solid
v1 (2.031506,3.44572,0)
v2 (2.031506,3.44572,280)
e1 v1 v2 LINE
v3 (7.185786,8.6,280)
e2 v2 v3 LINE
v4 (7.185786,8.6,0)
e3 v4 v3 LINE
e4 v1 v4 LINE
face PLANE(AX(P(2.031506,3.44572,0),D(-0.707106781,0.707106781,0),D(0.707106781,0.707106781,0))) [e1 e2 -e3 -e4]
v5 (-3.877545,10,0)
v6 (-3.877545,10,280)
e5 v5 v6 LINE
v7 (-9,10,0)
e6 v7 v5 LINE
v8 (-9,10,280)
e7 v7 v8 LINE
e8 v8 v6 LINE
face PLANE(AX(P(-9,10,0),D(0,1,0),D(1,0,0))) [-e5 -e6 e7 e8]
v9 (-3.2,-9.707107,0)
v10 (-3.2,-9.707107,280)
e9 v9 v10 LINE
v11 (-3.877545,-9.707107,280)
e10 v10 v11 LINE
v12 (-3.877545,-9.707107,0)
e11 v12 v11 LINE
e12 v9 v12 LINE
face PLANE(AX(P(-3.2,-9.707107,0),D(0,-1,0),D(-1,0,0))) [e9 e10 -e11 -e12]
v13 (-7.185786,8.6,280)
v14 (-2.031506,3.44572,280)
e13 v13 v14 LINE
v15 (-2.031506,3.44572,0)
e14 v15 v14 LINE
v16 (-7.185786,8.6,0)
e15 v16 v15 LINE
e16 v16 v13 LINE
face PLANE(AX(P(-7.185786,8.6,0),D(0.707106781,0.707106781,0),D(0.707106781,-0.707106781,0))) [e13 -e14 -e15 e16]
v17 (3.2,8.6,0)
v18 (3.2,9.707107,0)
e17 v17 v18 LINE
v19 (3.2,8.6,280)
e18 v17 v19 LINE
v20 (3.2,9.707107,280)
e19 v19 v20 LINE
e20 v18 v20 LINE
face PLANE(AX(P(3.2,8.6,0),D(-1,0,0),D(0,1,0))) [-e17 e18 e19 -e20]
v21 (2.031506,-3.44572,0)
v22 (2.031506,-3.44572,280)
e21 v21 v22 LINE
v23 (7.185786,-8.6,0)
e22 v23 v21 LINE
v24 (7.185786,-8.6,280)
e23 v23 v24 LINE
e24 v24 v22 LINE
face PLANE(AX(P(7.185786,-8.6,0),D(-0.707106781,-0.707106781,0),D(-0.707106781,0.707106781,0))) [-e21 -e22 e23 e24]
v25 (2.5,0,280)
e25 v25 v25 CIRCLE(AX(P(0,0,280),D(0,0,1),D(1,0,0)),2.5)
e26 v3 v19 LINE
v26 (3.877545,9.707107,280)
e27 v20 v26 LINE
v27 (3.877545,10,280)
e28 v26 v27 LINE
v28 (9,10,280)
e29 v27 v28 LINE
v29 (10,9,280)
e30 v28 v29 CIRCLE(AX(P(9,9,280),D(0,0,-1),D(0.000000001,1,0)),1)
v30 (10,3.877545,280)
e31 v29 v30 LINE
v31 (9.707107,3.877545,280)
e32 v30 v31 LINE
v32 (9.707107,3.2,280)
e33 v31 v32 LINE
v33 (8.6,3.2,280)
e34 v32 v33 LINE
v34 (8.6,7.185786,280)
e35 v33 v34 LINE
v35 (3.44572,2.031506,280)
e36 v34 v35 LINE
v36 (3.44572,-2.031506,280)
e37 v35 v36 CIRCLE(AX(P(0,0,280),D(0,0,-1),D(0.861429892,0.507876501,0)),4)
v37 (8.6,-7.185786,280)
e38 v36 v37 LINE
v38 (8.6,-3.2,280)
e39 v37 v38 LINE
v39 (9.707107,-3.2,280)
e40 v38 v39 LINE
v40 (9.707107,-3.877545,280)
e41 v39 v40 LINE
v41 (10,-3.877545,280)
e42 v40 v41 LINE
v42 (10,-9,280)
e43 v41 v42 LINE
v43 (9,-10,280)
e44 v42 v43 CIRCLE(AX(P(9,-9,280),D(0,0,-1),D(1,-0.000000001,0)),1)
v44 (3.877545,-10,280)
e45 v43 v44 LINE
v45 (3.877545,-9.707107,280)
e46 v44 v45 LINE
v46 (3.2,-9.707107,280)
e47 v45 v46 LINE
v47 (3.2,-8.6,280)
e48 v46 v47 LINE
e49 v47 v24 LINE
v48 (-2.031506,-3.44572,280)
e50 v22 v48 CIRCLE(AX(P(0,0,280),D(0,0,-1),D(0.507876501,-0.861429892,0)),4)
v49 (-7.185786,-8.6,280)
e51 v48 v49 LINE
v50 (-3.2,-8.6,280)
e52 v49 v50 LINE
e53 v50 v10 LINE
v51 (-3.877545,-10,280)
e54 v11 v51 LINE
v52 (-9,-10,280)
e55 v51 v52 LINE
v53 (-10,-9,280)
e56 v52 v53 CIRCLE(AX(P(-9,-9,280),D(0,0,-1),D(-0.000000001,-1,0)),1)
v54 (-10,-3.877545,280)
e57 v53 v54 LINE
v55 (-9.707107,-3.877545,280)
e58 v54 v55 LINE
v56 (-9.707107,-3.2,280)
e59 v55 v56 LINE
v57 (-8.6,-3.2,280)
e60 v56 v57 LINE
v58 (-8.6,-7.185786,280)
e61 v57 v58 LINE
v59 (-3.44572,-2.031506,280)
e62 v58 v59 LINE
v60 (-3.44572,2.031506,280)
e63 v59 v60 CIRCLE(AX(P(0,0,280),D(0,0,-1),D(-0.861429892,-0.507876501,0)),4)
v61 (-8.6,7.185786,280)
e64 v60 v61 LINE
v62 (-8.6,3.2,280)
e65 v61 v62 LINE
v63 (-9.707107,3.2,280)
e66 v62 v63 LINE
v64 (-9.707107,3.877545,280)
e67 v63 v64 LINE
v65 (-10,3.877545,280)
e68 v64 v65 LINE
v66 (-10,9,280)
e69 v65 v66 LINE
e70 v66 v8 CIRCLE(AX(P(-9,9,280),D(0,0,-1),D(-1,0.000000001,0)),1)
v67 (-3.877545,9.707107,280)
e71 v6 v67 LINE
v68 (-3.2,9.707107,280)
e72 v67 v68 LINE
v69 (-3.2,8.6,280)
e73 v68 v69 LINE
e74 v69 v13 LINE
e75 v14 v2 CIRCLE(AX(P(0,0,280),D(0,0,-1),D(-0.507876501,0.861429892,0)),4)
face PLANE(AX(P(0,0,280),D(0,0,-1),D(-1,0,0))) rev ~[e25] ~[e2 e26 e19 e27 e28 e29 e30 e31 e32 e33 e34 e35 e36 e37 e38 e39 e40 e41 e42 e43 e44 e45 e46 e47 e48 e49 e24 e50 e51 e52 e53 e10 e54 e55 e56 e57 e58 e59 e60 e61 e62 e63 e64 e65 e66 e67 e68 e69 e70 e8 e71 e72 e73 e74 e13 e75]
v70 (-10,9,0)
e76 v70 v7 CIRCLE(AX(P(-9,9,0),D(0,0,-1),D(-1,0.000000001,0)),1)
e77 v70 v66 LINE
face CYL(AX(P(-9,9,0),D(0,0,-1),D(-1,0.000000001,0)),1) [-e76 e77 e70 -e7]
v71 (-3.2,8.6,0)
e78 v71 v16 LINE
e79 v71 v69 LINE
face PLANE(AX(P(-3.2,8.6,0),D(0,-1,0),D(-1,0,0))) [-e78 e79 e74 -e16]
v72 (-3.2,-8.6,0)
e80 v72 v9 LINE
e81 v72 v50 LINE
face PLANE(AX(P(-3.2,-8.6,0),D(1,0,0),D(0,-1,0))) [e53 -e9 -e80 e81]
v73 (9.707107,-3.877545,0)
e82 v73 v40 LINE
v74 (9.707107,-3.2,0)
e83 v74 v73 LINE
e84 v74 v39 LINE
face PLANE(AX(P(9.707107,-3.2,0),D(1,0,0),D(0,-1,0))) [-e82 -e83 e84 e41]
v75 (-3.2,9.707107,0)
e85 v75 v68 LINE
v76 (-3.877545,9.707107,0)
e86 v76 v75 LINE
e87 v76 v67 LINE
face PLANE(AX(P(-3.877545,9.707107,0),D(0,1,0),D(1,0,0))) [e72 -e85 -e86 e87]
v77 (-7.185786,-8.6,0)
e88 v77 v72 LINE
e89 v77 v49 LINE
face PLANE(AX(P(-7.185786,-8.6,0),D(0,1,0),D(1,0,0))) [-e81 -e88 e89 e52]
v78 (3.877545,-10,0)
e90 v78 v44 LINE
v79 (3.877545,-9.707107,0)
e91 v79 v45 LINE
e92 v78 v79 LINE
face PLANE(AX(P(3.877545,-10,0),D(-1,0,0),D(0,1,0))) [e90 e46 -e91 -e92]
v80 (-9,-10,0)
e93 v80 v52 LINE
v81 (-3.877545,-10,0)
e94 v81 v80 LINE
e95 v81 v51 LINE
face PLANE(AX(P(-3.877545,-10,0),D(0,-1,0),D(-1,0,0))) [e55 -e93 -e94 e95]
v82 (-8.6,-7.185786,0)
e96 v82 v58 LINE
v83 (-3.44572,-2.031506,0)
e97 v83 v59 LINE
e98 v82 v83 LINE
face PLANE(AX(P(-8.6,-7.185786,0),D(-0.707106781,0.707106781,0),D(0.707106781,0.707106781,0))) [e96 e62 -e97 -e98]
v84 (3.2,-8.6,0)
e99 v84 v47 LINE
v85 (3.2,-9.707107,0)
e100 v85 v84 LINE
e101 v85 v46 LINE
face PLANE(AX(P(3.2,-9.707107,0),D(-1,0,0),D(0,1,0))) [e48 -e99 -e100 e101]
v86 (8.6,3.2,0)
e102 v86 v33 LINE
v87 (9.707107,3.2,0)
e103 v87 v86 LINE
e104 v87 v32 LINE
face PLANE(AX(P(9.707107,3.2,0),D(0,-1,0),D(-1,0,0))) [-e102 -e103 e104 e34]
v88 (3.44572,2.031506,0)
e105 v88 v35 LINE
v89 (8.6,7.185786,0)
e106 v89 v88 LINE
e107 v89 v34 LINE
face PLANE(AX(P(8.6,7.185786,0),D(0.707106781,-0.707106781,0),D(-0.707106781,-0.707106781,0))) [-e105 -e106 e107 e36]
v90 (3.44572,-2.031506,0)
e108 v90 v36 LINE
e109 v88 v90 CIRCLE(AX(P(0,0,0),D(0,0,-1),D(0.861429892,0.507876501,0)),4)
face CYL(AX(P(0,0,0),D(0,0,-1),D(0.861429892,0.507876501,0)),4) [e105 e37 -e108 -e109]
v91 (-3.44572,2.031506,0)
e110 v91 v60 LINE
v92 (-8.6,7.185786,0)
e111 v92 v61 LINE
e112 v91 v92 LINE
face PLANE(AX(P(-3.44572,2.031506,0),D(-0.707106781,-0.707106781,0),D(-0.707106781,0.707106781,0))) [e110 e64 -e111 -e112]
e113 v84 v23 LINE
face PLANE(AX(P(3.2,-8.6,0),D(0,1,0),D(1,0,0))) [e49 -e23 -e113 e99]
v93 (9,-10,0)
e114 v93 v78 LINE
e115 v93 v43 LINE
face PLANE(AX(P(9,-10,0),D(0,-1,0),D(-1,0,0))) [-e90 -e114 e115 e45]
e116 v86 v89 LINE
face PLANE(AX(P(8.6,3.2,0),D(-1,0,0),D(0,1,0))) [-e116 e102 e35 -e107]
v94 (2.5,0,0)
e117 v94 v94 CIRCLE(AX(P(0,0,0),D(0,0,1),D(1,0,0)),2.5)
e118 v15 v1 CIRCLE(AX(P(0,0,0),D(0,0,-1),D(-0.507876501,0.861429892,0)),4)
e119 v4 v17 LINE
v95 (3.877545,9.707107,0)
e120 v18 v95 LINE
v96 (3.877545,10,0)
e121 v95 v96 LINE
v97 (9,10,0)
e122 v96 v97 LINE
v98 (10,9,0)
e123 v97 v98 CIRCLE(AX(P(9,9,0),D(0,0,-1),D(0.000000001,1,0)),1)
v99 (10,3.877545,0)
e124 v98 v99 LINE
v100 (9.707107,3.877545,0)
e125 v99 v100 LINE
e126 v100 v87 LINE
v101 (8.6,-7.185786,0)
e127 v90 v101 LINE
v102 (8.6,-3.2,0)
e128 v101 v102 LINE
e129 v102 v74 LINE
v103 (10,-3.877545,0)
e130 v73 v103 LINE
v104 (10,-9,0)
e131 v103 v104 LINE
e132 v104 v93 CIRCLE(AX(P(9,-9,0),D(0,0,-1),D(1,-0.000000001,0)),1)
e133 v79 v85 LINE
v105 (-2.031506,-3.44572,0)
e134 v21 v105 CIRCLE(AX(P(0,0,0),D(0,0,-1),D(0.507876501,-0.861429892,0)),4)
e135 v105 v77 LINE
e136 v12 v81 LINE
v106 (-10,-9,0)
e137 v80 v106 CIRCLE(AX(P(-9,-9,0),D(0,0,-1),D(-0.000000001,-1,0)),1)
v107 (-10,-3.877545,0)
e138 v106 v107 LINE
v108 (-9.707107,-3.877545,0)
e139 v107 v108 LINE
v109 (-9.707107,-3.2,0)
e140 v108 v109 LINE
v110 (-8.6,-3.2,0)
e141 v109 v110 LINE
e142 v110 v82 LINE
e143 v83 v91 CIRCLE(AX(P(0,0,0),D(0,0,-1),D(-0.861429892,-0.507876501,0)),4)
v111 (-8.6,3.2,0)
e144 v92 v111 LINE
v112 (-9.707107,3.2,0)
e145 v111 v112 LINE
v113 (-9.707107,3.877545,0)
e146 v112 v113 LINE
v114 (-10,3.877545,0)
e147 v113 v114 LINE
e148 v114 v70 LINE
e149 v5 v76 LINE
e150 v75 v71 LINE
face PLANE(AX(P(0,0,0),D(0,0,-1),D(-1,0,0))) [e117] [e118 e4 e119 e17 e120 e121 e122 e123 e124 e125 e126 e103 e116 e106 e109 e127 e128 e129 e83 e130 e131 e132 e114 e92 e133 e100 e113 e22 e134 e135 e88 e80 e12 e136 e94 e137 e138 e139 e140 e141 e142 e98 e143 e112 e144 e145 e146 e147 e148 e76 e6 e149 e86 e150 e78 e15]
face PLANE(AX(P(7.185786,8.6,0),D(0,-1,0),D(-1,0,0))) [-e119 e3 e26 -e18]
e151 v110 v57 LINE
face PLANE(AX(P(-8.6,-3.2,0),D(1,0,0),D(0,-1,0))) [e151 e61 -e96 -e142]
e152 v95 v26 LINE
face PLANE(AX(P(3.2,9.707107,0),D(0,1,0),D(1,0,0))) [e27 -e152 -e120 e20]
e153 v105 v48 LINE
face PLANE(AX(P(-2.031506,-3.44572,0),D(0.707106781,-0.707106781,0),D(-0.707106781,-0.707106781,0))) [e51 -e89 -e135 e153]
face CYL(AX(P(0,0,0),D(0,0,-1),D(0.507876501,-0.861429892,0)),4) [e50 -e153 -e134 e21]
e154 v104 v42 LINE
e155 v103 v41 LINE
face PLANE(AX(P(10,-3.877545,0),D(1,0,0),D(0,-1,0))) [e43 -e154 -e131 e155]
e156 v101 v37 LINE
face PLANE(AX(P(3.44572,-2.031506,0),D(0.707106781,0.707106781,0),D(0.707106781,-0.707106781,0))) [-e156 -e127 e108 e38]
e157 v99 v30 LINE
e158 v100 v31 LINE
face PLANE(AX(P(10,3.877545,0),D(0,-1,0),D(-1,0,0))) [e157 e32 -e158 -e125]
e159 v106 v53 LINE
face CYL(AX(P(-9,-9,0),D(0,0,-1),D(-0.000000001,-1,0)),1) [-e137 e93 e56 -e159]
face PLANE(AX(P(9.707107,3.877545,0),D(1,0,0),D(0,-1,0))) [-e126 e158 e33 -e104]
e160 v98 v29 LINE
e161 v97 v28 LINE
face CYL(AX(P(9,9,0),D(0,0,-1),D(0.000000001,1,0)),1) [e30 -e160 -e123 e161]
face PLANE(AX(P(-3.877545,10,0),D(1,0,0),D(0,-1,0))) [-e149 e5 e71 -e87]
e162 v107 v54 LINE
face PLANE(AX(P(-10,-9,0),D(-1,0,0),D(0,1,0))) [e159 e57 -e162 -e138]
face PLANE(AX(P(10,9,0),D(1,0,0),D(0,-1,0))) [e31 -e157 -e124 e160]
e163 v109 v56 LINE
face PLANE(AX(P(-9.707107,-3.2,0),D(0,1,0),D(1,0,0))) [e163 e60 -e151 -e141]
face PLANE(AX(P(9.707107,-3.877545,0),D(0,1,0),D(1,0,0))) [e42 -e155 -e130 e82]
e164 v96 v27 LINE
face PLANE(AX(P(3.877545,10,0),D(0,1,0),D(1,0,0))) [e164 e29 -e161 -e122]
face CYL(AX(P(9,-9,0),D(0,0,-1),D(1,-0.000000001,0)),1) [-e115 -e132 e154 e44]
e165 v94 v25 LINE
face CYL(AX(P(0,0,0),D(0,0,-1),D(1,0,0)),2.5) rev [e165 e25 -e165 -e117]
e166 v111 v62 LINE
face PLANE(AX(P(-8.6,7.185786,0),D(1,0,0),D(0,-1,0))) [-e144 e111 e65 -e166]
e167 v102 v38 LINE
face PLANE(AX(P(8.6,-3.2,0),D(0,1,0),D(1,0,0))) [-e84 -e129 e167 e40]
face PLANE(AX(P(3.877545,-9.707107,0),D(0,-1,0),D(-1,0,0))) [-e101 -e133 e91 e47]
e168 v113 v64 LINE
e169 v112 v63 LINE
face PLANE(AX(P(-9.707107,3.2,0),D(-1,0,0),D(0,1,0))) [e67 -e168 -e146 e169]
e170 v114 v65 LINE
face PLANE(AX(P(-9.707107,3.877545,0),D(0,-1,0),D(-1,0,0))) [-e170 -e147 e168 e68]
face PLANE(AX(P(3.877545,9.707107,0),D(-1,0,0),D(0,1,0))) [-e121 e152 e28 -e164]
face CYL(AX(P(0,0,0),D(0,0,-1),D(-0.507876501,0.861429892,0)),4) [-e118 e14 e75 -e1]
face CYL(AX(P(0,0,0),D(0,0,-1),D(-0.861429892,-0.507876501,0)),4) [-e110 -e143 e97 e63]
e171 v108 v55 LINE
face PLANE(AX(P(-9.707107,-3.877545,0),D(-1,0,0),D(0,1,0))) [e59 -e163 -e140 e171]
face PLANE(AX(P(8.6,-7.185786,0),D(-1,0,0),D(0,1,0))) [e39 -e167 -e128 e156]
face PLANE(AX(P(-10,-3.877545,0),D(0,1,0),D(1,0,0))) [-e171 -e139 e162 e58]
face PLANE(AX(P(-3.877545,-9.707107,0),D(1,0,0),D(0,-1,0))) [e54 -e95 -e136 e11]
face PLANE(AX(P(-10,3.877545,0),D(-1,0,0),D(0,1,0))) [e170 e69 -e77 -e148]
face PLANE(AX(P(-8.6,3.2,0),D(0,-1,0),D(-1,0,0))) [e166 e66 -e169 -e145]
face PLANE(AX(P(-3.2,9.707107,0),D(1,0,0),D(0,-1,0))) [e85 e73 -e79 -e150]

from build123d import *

# Parameters (mm, degrees)
SKETCH1_R           = 2.5
BOSS_EXTRUDE1_DEPTH = 280


with BuildPart() as part:
    # Sketch1 → Boss-Extrude1 (new body)
    with BuildSketch(Plane.XY):
        with BuildLine():
            Line((-9.707106781, -3.2), (-8.6, -3.2))
            Line((-8.6, -3.2), (-8.6, -7.185786438))
            Line((-8.6, -7.185786438), (-3.445719569, -2.031506006))
            ThreePointArc((-3.445719569, -2.031506006), (-4, 0), (-3.445719569, 2.031506006))
            Line((-3.445719569, 2.031506006), (-8.6, 7.185786438))
            Line((-8.6, 7.185786438), (-8.6, 3.2))
            Line((-8.6, 3.2), (-9.707106781, 3.2))
            Line((-9.707106781, 3.2), (-9.707106781, 3.877544562))
            Line((-9.707106781, 3.877544562), (-10, 3.877544562))
            Line((-10, 3.877544562), (-10, 9))
            ThreePointArc((-10, 9), (-9.707106781, 9.707106781), (-9, 10))
            Line((-9, 10), (-3.877544562, 10))
            Line((-3.877544562, 10), (-3.877544562, 9.707106781))
            Line((-3.877544562, 9.707106781), (-3.2, 9.707106781))
            Line((-3.2, 9.707106781), (-3.2, 8.6))
            Line((-3.2, 8.6), (-7.185786438, 8.6))
            Line((-7.185786438, 8.6), (-2.031506006, 3.445719569))
            ThreePointArc((-2.031506006, 3.445719569), (0, 4), (2.031506006, 3.445719569))
            Line((2.031506006, 3.445719569), (7.185786438, 8.6))
            Line((7.185786438, 8.6), (3.2, 8.6))
            Line((3.2, 8.6), (3.2, 9.707106781))
            Line((3.2, 9.707106781), (3.877544562, 9.707106781))
            Line((3.877544562, 9.707106781), (3.877544562, 10))
            Line((3.877544562, 10), (9, 10))
            ThreePointArc((9, 10), (9.707106781, 9.707106781), (10, 9))
            Line((10, 9), (10, 3.877544562))
            Line((10, 3.877544562), (9.707106781, 3.877544562))
            Line((9.707106781, 3.877544562), (9.707106781, 3.2))
            Line((9.707106781, 3.2), (8.6, 3.2))
            Line((8.6, 3.2), (8.6, 7.185786438))
            Line((8.6, 7.185786438), (3.445719569, 2.031506006))
            ThreePointArc((3.445719569, 2.031506006), (4, 0), (3.445719569, -2.031506006))
            Line((3.445719569, -2.031506006), (8.6, -7.185786438))
            Line((8.6, -7.185786438), (8.6, -3.2))
            Line((8.6, -3.2), (9.707106781, -3.2))
            Line((9.707106781, -3.2), (9.707106781, -3.877544562))
            Line((9.707106781, -3.877544562), (10, -3.877544562))
            Line((10, -3.877544562), (10, -9))
            ThreePointArc((10, -9), (9.707106781, -9.707106781), (9, -10))
            Line((9, -10), (3.877544562, -10))
            Line((3.877544562, -10), (3.877544562, -9.707106781))
            Line((3.877544562, -9.707106781), (3.2, -9.707106781))
            Line((3.2, -9.707106781), (3.2, -8.6))
            Line((3.2, -8.6), (7.185786438, -8.6))
            Line((7.185786438, -8.6), (2.031506006, -3.445719569))
            ThreePointArc((2.031506006, -3.445719569), (0, -4), (-2.031506006, -3.445719569))
            Line((-2.031506006, -3.445719569), (-7.185786438, -8.6))
            Line((-7.185786438, -8.6), (-3.2, -8.6))
            Line((-3.2, -8.6), (-3.2, -9.707106781))
            Line((-3.2, -9.707106781), (-3.877544562, -9.707106781))
            Line((-3.877544562, -9.707106781), (-3.877544562, -10))
            Line((-3.877544562, -10), (-9, -10))
            ThreePointArc((-9, -10), (-9.707106781, -9.707106781), (-10, -9))
            Line((-10, -9), (-10, -3.877544562))
            Line((-10, -3.877544562), (-9.707106781, -3.877544562))
            Line((-9.707106781, -3.877544562), (-9.707106781, -3.2))
        make_face()
        Circle(SKETCH1_R, mode=Mode.SUBTRACT)
    extrude(amount=BOSS_EXTRUDE1_DEPTH)


solid = part.part
